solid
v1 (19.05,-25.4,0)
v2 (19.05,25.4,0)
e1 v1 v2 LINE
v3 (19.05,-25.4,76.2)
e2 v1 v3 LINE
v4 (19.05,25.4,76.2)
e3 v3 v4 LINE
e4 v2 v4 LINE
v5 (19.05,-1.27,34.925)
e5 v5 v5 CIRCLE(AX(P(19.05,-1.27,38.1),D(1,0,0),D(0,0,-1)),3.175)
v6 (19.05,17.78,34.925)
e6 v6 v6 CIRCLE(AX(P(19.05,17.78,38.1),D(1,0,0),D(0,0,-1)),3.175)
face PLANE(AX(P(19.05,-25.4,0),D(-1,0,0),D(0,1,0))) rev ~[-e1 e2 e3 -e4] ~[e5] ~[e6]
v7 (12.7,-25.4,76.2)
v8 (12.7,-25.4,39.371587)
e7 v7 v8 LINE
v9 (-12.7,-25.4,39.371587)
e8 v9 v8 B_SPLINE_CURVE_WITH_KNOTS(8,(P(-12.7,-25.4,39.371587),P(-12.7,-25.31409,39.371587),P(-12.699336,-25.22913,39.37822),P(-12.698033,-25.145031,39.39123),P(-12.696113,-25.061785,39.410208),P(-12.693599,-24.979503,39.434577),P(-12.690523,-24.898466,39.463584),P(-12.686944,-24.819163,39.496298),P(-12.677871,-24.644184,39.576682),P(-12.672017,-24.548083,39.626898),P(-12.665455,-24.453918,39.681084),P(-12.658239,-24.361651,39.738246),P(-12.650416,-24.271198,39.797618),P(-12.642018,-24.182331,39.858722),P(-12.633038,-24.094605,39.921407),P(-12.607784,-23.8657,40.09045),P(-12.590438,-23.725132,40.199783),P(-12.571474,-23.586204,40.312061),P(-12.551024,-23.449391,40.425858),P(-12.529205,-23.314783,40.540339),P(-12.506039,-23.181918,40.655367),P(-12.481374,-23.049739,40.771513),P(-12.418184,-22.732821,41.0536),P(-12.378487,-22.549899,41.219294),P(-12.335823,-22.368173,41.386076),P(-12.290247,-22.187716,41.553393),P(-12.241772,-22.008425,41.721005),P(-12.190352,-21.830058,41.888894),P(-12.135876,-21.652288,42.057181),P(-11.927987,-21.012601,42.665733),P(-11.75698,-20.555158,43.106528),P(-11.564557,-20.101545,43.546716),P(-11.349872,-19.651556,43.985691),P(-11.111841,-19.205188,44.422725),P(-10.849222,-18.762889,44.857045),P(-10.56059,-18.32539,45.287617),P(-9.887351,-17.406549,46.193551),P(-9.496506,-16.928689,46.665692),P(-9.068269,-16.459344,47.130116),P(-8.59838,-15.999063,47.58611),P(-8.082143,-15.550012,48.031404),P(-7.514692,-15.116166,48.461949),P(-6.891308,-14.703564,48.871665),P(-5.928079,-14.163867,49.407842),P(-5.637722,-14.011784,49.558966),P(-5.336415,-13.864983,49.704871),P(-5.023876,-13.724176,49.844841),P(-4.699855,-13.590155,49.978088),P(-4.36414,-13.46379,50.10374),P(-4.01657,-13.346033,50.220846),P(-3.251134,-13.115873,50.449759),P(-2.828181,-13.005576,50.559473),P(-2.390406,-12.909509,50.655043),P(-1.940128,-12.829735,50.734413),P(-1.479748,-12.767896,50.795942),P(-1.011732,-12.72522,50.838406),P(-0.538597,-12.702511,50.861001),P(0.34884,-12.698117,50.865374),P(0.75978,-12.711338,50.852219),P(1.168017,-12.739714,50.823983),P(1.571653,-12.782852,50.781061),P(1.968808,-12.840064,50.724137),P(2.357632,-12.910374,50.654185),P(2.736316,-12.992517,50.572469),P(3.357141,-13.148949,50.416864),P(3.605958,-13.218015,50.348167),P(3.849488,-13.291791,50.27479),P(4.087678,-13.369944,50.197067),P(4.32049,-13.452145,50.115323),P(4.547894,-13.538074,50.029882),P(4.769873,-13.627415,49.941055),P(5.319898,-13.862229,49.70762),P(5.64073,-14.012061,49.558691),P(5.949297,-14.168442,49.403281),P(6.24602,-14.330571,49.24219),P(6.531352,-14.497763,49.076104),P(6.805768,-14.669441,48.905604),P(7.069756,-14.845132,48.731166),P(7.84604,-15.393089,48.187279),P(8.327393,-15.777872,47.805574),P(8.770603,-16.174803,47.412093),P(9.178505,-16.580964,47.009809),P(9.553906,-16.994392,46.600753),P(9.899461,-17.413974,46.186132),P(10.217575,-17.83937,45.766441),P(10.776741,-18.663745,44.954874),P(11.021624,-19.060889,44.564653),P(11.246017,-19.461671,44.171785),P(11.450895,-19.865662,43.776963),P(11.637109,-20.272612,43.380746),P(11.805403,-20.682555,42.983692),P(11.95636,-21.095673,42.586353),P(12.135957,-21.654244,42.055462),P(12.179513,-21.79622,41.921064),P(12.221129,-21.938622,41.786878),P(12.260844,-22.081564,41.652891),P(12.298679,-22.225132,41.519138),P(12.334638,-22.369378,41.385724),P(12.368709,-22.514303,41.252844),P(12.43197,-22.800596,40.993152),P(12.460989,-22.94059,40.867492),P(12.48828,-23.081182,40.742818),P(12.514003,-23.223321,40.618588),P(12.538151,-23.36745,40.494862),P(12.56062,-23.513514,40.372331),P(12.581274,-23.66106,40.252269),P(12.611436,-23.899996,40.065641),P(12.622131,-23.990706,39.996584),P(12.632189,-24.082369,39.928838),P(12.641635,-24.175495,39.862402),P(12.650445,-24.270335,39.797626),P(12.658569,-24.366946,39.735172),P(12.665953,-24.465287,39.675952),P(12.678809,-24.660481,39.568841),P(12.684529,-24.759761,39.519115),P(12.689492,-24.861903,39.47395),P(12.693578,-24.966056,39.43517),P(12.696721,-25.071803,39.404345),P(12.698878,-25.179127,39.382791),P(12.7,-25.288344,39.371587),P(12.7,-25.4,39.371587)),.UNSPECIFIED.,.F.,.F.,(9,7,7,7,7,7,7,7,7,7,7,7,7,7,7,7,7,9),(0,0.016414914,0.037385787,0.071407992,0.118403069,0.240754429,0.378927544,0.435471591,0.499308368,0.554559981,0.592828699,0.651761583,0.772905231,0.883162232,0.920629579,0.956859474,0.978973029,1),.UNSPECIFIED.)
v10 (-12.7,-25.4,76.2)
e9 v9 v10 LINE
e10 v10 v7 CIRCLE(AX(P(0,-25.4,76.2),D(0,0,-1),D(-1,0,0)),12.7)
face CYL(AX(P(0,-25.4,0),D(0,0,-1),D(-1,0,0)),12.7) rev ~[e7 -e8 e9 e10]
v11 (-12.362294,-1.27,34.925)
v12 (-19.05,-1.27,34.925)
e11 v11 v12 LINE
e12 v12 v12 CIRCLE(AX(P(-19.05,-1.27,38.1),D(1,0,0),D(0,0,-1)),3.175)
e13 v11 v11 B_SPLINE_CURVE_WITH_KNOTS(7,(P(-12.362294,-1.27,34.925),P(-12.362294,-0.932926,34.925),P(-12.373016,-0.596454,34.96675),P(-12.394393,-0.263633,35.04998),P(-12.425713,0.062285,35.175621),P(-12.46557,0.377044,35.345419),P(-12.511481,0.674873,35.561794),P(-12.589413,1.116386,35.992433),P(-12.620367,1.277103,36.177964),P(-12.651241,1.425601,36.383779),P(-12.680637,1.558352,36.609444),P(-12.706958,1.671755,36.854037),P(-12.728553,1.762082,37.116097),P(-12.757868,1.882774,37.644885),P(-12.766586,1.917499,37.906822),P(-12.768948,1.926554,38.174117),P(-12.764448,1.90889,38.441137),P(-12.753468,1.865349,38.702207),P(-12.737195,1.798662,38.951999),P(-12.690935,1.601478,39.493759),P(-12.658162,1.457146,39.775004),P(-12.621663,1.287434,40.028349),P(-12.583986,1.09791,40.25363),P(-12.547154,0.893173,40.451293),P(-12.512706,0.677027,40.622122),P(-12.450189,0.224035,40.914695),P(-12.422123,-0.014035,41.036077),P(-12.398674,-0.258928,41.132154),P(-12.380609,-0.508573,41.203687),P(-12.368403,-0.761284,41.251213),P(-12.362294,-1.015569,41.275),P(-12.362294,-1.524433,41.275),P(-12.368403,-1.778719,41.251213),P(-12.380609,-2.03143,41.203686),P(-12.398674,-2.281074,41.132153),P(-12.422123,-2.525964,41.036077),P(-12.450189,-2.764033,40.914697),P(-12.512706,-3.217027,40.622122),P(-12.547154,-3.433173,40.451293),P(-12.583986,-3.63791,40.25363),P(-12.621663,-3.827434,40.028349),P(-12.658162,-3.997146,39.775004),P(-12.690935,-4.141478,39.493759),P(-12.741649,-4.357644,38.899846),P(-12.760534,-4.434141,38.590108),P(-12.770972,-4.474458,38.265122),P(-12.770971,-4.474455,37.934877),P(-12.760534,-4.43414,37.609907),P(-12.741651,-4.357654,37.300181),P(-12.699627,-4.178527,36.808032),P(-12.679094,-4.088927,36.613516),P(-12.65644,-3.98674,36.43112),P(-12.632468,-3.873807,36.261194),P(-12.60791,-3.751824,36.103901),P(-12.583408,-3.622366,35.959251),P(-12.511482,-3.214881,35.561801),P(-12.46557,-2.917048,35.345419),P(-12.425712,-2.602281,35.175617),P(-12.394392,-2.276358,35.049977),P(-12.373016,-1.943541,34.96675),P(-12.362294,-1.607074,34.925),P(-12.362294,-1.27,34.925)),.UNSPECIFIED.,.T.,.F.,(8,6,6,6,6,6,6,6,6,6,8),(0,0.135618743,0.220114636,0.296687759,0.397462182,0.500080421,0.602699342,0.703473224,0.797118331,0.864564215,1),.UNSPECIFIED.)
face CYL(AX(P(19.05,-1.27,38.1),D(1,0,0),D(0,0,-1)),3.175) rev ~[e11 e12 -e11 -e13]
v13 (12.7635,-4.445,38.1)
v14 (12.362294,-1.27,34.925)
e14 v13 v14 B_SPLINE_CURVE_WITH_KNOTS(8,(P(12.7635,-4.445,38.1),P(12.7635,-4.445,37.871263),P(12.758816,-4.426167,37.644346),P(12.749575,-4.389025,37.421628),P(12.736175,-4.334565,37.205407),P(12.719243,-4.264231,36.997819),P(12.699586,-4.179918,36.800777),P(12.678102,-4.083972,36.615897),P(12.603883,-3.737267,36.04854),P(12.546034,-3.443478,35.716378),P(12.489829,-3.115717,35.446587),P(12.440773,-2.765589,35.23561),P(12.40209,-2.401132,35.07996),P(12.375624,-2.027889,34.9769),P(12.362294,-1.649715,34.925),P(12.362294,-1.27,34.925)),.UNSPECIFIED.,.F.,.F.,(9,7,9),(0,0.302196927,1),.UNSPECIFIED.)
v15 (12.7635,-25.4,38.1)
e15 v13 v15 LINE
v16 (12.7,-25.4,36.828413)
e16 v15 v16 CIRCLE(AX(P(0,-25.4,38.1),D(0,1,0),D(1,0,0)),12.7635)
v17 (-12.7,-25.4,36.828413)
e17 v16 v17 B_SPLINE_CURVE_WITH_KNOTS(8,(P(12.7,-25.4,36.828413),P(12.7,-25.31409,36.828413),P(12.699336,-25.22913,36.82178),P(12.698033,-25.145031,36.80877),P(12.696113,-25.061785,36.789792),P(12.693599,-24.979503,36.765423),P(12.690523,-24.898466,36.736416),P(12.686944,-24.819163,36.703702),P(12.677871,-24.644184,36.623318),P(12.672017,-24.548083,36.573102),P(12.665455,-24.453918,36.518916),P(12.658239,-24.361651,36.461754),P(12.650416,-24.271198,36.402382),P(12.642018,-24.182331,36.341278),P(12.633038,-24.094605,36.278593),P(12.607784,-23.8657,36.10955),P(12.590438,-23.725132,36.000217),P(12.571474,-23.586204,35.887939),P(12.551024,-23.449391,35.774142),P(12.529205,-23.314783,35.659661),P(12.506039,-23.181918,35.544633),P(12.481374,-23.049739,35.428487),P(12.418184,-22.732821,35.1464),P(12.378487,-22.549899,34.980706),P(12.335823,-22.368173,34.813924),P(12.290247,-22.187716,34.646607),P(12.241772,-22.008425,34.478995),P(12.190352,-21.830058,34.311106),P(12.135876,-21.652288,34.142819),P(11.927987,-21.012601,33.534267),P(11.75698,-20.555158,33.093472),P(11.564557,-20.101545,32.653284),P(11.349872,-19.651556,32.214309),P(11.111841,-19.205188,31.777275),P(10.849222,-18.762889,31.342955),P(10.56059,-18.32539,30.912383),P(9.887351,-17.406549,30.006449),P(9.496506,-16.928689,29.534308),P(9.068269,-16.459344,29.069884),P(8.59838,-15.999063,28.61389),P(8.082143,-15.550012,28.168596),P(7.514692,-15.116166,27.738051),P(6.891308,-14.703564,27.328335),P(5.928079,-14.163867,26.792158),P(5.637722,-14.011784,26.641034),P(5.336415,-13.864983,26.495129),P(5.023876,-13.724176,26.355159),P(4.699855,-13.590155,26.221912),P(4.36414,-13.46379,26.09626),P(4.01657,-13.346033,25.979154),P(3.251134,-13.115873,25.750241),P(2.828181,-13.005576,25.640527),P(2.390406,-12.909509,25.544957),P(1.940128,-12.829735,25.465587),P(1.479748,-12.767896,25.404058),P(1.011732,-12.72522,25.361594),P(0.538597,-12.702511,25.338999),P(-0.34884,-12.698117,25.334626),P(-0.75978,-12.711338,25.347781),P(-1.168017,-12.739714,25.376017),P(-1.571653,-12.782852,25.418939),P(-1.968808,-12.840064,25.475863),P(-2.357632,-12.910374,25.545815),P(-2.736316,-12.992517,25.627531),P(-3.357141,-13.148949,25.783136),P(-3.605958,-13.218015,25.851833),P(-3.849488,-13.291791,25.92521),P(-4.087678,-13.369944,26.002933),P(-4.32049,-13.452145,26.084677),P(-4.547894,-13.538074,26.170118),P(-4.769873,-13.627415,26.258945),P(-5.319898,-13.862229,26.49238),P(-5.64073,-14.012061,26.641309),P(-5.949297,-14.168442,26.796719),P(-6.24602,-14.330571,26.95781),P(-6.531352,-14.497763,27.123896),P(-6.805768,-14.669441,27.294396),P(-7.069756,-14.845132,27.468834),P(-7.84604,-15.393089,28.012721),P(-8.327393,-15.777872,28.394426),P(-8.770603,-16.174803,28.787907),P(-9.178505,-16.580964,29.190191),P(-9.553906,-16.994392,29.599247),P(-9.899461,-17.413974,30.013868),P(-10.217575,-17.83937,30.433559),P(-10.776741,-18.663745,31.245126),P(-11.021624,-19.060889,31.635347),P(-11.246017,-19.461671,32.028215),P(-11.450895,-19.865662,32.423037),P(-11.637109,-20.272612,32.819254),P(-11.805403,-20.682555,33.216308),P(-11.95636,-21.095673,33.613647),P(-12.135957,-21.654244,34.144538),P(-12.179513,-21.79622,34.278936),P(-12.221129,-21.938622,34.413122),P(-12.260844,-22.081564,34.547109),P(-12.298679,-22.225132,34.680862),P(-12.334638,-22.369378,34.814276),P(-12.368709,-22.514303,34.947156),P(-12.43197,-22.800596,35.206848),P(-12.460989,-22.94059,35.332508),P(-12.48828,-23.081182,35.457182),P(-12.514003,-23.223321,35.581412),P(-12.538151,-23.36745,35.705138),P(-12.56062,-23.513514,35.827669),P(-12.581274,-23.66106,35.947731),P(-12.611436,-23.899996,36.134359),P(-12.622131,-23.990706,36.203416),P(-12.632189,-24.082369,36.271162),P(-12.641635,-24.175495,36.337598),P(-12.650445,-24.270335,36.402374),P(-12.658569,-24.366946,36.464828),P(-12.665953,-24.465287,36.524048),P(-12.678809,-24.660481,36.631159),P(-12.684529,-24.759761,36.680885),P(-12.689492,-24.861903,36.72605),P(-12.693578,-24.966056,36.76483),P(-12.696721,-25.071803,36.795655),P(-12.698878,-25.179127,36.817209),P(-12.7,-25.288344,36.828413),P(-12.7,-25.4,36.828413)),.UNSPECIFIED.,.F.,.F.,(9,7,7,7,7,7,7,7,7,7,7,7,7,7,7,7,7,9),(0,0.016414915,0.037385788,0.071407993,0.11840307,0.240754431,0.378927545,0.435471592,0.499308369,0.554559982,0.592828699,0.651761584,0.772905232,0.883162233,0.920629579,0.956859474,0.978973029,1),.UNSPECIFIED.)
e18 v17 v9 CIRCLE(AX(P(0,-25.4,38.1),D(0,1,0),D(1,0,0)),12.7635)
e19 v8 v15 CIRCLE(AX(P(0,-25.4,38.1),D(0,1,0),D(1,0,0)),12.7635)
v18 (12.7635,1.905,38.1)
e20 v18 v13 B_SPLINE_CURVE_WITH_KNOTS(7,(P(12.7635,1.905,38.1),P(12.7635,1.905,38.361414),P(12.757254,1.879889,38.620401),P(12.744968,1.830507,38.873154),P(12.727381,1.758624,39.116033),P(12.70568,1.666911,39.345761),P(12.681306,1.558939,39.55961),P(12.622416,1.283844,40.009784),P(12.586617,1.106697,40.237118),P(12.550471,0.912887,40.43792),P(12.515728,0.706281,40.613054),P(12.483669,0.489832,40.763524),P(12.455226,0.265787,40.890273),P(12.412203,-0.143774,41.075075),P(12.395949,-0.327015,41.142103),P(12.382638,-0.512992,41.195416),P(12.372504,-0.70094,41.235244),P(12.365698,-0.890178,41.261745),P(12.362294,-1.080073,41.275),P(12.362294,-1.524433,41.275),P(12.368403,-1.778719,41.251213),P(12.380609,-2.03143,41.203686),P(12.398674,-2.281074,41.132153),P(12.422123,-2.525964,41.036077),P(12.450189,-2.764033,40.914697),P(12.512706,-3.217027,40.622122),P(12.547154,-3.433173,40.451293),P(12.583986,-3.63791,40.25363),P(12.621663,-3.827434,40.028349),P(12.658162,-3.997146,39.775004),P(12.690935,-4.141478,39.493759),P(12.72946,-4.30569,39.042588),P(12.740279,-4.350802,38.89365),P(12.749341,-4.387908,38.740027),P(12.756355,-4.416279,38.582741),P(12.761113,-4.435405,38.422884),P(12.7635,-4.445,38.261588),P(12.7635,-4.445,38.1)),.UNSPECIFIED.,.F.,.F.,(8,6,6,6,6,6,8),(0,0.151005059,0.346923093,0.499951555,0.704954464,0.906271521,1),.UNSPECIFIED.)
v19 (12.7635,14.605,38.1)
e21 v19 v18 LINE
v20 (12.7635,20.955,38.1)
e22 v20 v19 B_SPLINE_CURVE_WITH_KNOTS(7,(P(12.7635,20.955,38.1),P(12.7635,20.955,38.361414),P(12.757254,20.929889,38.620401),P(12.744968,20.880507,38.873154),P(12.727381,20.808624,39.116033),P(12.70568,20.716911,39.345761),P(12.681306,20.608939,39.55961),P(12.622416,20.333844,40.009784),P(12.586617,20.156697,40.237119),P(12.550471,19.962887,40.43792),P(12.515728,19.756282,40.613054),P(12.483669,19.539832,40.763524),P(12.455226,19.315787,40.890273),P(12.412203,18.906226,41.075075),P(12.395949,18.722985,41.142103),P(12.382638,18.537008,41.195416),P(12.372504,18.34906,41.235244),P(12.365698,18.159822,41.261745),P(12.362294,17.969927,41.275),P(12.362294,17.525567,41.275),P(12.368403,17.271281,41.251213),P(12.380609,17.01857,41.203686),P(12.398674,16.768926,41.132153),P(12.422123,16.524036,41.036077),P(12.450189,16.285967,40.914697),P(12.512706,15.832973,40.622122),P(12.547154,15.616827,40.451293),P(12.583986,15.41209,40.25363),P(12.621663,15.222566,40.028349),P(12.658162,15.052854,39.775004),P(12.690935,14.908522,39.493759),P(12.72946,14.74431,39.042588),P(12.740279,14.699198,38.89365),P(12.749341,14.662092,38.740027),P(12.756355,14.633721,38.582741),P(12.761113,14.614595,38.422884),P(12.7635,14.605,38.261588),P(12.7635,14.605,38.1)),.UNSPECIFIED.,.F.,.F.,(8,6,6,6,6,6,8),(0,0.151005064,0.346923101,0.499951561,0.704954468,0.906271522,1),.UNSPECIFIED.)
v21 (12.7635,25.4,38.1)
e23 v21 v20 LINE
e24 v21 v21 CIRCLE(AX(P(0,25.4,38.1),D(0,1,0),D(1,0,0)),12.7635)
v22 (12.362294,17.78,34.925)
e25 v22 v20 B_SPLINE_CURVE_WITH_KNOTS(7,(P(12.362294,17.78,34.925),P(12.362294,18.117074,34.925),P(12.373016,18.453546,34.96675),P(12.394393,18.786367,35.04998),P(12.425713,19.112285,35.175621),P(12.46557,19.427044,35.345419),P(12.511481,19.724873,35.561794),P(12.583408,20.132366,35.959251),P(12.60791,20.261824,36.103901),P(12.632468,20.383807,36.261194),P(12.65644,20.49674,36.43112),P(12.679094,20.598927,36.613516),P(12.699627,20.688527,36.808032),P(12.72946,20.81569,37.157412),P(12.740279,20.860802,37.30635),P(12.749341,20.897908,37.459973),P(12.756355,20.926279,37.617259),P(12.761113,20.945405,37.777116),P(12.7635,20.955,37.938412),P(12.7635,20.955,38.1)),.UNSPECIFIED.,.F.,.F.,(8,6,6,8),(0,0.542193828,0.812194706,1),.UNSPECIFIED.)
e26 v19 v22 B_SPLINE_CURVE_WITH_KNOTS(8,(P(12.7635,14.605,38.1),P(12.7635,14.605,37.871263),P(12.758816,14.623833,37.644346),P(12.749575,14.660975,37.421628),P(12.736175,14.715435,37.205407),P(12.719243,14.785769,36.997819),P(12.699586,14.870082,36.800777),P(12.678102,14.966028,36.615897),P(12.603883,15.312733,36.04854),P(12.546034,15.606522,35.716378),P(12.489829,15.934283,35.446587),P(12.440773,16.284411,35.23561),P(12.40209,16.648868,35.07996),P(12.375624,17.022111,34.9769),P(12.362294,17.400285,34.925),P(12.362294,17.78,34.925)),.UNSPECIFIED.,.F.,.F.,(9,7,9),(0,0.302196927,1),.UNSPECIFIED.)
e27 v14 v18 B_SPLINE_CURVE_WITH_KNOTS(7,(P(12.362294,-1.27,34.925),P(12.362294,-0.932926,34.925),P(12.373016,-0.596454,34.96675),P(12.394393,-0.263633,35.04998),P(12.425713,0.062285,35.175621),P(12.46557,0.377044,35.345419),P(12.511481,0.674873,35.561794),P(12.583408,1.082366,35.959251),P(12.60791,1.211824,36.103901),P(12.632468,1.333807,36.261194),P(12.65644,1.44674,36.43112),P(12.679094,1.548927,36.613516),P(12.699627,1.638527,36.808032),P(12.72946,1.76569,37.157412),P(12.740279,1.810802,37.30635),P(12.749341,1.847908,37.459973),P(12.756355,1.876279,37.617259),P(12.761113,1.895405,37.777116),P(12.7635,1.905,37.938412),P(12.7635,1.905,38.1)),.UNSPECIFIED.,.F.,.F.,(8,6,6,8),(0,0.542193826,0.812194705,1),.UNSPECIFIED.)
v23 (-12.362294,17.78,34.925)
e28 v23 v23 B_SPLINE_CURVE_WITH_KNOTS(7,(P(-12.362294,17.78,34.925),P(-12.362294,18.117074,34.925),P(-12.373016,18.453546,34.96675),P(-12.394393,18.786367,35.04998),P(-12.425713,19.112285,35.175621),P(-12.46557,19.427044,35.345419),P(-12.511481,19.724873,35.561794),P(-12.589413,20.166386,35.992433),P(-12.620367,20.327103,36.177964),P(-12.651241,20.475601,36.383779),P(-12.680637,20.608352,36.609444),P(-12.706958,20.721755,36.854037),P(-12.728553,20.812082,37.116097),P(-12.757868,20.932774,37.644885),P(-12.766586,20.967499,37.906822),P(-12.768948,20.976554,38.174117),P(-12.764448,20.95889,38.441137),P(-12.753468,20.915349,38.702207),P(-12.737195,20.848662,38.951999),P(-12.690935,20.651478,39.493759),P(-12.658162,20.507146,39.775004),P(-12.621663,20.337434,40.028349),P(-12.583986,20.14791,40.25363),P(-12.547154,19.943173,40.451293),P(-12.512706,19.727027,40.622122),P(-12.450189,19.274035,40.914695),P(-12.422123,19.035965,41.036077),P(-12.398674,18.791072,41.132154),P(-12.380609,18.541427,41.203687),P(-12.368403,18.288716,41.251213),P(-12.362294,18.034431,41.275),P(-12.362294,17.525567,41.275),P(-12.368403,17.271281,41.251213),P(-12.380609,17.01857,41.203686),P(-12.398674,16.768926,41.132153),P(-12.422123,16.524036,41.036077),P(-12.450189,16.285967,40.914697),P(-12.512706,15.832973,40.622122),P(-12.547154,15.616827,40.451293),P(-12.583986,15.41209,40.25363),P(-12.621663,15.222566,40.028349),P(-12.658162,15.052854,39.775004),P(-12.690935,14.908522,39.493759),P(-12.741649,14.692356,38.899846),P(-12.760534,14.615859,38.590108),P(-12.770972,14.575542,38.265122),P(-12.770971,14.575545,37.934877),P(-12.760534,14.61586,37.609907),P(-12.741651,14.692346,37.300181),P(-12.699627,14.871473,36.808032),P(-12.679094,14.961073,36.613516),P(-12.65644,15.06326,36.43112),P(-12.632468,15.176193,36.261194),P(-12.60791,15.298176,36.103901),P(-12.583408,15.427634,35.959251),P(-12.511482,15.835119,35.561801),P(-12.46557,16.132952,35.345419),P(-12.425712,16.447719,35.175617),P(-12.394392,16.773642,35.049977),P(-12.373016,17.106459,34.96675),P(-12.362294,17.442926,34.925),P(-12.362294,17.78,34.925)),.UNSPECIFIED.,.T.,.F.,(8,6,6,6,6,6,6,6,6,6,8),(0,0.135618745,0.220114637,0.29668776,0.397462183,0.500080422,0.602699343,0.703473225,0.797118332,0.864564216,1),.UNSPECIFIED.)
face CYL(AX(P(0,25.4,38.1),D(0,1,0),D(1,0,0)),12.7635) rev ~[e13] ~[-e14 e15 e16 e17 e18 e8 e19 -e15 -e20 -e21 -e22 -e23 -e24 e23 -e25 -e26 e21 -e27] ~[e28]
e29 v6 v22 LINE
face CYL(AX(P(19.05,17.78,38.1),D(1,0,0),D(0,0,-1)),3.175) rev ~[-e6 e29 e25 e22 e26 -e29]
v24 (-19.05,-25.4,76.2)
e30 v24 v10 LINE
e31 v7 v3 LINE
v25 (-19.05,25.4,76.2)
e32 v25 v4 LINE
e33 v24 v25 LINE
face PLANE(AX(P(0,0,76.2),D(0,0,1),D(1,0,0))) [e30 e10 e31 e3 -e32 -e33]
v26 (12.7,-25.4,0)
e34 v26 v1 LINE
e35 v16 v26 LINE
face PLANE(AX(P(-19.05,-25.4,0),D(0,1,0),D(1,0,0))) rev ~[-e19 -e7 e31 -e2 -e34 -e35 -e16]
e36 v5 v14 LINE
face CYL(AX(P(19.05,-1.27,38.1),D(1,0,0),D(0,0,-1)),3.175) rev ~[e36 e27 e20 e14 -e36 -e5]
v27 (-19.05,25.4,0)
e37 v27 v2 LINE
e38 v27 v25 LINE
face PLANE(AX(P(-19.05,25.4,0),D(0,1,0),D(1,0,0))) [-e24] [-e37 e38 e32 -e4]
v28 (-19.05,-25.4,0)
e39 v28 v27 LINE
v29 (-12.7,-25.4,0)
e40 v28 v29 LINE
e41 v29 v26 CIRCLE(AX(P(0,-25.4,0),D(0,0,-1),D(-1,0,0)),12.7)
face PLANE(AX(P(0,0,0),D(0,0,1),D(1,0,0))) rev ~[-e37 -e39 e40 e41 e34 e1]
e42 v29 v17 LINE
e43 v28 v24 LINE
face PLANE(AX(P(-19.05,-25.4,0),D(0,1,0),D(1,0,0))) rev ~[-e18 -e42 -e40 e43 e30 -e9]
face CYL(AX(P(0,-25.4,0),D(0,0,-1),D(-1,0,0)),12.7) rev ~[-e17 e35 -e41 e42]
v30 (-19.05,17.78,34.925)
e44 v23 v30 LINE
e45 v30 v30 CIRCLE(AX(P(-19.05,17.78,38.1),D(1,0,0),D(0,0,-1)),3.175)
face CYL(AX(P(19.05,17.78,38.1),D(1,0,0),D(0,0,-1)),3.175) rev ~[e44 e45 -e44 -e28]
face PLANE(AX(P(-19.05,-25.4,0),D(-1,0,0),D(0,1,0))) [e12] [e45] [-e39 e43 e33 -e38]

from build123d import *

# Parameters (mm, degrees)
SKETCH1_W           = 38.1
SKETCH1_H           = 50.8
BOSS_EXTRUDE1_DEPTH = 76.2
SKETCH5_R           = 12.7
CUT_EXTRUDE3_DEPTH  = 77.2
SKETCH6_R           = 12.7635
CUT_EXTRUDE4_DEPTH  = 50.8
SKETCH7_R           = 3.175
CUT_EXTRUDE5_DEPTH  = 39.1


with BuildPart() as part:
    # Sketch1 → Boss-Extrude1 (new body)
    with BuildSketch(Plane.XY):
        Rectangle(SKETCH1_W, SKETCH1_H)
    extrude(amount=BOSS_EXTRUDE1_DEPTH)

    # Sketch5 → Cut-Extrude3 (cut, through all)
    with BuildSketch(Plane(origin=(0, 0, 0), x_dir=(-1, 0, 0), z_dir=(0, 0, -1))):
        with Locations((0, -25.4)):
            Circle(SKETCH5_R)
    extrude(amount=-CUT_EXTRUDE3_DEPTH, mode=Mode.SUBTRACT)

    # Sketch6 → Cut-Extrude4 (cut)
    with BuildSketch(Plane(origin=(0, 25.4, 0), x_dir=(1, 0, 0), z_dir=(0, 1, 0))):
        with Locations((0, -38.1)):
            Circle(SKETCH6_R)
    extrude(amount=-CUT_EXTRUDE4_DEPTH, mode=Mode.SUBTRACT)

    # Sketch7 → Cut-Extrude5 (cut, through all)
    with BuildSketch(Plane(origin=(19.05, 0, 0), x_dir=(0, 0, -1), z_dir=(1, 0, 0))):
        with Locations((-38.1, 17.78)):
            Circle(SKETCH7_R)
        with Locations((-38.1, -1.27)):
            Circle(SKETCH7_R)
    extrude(amount=-CUT_EXTRUDE5_DEPTH, mode=Mode.SUBTRACT)


solid = part.part
